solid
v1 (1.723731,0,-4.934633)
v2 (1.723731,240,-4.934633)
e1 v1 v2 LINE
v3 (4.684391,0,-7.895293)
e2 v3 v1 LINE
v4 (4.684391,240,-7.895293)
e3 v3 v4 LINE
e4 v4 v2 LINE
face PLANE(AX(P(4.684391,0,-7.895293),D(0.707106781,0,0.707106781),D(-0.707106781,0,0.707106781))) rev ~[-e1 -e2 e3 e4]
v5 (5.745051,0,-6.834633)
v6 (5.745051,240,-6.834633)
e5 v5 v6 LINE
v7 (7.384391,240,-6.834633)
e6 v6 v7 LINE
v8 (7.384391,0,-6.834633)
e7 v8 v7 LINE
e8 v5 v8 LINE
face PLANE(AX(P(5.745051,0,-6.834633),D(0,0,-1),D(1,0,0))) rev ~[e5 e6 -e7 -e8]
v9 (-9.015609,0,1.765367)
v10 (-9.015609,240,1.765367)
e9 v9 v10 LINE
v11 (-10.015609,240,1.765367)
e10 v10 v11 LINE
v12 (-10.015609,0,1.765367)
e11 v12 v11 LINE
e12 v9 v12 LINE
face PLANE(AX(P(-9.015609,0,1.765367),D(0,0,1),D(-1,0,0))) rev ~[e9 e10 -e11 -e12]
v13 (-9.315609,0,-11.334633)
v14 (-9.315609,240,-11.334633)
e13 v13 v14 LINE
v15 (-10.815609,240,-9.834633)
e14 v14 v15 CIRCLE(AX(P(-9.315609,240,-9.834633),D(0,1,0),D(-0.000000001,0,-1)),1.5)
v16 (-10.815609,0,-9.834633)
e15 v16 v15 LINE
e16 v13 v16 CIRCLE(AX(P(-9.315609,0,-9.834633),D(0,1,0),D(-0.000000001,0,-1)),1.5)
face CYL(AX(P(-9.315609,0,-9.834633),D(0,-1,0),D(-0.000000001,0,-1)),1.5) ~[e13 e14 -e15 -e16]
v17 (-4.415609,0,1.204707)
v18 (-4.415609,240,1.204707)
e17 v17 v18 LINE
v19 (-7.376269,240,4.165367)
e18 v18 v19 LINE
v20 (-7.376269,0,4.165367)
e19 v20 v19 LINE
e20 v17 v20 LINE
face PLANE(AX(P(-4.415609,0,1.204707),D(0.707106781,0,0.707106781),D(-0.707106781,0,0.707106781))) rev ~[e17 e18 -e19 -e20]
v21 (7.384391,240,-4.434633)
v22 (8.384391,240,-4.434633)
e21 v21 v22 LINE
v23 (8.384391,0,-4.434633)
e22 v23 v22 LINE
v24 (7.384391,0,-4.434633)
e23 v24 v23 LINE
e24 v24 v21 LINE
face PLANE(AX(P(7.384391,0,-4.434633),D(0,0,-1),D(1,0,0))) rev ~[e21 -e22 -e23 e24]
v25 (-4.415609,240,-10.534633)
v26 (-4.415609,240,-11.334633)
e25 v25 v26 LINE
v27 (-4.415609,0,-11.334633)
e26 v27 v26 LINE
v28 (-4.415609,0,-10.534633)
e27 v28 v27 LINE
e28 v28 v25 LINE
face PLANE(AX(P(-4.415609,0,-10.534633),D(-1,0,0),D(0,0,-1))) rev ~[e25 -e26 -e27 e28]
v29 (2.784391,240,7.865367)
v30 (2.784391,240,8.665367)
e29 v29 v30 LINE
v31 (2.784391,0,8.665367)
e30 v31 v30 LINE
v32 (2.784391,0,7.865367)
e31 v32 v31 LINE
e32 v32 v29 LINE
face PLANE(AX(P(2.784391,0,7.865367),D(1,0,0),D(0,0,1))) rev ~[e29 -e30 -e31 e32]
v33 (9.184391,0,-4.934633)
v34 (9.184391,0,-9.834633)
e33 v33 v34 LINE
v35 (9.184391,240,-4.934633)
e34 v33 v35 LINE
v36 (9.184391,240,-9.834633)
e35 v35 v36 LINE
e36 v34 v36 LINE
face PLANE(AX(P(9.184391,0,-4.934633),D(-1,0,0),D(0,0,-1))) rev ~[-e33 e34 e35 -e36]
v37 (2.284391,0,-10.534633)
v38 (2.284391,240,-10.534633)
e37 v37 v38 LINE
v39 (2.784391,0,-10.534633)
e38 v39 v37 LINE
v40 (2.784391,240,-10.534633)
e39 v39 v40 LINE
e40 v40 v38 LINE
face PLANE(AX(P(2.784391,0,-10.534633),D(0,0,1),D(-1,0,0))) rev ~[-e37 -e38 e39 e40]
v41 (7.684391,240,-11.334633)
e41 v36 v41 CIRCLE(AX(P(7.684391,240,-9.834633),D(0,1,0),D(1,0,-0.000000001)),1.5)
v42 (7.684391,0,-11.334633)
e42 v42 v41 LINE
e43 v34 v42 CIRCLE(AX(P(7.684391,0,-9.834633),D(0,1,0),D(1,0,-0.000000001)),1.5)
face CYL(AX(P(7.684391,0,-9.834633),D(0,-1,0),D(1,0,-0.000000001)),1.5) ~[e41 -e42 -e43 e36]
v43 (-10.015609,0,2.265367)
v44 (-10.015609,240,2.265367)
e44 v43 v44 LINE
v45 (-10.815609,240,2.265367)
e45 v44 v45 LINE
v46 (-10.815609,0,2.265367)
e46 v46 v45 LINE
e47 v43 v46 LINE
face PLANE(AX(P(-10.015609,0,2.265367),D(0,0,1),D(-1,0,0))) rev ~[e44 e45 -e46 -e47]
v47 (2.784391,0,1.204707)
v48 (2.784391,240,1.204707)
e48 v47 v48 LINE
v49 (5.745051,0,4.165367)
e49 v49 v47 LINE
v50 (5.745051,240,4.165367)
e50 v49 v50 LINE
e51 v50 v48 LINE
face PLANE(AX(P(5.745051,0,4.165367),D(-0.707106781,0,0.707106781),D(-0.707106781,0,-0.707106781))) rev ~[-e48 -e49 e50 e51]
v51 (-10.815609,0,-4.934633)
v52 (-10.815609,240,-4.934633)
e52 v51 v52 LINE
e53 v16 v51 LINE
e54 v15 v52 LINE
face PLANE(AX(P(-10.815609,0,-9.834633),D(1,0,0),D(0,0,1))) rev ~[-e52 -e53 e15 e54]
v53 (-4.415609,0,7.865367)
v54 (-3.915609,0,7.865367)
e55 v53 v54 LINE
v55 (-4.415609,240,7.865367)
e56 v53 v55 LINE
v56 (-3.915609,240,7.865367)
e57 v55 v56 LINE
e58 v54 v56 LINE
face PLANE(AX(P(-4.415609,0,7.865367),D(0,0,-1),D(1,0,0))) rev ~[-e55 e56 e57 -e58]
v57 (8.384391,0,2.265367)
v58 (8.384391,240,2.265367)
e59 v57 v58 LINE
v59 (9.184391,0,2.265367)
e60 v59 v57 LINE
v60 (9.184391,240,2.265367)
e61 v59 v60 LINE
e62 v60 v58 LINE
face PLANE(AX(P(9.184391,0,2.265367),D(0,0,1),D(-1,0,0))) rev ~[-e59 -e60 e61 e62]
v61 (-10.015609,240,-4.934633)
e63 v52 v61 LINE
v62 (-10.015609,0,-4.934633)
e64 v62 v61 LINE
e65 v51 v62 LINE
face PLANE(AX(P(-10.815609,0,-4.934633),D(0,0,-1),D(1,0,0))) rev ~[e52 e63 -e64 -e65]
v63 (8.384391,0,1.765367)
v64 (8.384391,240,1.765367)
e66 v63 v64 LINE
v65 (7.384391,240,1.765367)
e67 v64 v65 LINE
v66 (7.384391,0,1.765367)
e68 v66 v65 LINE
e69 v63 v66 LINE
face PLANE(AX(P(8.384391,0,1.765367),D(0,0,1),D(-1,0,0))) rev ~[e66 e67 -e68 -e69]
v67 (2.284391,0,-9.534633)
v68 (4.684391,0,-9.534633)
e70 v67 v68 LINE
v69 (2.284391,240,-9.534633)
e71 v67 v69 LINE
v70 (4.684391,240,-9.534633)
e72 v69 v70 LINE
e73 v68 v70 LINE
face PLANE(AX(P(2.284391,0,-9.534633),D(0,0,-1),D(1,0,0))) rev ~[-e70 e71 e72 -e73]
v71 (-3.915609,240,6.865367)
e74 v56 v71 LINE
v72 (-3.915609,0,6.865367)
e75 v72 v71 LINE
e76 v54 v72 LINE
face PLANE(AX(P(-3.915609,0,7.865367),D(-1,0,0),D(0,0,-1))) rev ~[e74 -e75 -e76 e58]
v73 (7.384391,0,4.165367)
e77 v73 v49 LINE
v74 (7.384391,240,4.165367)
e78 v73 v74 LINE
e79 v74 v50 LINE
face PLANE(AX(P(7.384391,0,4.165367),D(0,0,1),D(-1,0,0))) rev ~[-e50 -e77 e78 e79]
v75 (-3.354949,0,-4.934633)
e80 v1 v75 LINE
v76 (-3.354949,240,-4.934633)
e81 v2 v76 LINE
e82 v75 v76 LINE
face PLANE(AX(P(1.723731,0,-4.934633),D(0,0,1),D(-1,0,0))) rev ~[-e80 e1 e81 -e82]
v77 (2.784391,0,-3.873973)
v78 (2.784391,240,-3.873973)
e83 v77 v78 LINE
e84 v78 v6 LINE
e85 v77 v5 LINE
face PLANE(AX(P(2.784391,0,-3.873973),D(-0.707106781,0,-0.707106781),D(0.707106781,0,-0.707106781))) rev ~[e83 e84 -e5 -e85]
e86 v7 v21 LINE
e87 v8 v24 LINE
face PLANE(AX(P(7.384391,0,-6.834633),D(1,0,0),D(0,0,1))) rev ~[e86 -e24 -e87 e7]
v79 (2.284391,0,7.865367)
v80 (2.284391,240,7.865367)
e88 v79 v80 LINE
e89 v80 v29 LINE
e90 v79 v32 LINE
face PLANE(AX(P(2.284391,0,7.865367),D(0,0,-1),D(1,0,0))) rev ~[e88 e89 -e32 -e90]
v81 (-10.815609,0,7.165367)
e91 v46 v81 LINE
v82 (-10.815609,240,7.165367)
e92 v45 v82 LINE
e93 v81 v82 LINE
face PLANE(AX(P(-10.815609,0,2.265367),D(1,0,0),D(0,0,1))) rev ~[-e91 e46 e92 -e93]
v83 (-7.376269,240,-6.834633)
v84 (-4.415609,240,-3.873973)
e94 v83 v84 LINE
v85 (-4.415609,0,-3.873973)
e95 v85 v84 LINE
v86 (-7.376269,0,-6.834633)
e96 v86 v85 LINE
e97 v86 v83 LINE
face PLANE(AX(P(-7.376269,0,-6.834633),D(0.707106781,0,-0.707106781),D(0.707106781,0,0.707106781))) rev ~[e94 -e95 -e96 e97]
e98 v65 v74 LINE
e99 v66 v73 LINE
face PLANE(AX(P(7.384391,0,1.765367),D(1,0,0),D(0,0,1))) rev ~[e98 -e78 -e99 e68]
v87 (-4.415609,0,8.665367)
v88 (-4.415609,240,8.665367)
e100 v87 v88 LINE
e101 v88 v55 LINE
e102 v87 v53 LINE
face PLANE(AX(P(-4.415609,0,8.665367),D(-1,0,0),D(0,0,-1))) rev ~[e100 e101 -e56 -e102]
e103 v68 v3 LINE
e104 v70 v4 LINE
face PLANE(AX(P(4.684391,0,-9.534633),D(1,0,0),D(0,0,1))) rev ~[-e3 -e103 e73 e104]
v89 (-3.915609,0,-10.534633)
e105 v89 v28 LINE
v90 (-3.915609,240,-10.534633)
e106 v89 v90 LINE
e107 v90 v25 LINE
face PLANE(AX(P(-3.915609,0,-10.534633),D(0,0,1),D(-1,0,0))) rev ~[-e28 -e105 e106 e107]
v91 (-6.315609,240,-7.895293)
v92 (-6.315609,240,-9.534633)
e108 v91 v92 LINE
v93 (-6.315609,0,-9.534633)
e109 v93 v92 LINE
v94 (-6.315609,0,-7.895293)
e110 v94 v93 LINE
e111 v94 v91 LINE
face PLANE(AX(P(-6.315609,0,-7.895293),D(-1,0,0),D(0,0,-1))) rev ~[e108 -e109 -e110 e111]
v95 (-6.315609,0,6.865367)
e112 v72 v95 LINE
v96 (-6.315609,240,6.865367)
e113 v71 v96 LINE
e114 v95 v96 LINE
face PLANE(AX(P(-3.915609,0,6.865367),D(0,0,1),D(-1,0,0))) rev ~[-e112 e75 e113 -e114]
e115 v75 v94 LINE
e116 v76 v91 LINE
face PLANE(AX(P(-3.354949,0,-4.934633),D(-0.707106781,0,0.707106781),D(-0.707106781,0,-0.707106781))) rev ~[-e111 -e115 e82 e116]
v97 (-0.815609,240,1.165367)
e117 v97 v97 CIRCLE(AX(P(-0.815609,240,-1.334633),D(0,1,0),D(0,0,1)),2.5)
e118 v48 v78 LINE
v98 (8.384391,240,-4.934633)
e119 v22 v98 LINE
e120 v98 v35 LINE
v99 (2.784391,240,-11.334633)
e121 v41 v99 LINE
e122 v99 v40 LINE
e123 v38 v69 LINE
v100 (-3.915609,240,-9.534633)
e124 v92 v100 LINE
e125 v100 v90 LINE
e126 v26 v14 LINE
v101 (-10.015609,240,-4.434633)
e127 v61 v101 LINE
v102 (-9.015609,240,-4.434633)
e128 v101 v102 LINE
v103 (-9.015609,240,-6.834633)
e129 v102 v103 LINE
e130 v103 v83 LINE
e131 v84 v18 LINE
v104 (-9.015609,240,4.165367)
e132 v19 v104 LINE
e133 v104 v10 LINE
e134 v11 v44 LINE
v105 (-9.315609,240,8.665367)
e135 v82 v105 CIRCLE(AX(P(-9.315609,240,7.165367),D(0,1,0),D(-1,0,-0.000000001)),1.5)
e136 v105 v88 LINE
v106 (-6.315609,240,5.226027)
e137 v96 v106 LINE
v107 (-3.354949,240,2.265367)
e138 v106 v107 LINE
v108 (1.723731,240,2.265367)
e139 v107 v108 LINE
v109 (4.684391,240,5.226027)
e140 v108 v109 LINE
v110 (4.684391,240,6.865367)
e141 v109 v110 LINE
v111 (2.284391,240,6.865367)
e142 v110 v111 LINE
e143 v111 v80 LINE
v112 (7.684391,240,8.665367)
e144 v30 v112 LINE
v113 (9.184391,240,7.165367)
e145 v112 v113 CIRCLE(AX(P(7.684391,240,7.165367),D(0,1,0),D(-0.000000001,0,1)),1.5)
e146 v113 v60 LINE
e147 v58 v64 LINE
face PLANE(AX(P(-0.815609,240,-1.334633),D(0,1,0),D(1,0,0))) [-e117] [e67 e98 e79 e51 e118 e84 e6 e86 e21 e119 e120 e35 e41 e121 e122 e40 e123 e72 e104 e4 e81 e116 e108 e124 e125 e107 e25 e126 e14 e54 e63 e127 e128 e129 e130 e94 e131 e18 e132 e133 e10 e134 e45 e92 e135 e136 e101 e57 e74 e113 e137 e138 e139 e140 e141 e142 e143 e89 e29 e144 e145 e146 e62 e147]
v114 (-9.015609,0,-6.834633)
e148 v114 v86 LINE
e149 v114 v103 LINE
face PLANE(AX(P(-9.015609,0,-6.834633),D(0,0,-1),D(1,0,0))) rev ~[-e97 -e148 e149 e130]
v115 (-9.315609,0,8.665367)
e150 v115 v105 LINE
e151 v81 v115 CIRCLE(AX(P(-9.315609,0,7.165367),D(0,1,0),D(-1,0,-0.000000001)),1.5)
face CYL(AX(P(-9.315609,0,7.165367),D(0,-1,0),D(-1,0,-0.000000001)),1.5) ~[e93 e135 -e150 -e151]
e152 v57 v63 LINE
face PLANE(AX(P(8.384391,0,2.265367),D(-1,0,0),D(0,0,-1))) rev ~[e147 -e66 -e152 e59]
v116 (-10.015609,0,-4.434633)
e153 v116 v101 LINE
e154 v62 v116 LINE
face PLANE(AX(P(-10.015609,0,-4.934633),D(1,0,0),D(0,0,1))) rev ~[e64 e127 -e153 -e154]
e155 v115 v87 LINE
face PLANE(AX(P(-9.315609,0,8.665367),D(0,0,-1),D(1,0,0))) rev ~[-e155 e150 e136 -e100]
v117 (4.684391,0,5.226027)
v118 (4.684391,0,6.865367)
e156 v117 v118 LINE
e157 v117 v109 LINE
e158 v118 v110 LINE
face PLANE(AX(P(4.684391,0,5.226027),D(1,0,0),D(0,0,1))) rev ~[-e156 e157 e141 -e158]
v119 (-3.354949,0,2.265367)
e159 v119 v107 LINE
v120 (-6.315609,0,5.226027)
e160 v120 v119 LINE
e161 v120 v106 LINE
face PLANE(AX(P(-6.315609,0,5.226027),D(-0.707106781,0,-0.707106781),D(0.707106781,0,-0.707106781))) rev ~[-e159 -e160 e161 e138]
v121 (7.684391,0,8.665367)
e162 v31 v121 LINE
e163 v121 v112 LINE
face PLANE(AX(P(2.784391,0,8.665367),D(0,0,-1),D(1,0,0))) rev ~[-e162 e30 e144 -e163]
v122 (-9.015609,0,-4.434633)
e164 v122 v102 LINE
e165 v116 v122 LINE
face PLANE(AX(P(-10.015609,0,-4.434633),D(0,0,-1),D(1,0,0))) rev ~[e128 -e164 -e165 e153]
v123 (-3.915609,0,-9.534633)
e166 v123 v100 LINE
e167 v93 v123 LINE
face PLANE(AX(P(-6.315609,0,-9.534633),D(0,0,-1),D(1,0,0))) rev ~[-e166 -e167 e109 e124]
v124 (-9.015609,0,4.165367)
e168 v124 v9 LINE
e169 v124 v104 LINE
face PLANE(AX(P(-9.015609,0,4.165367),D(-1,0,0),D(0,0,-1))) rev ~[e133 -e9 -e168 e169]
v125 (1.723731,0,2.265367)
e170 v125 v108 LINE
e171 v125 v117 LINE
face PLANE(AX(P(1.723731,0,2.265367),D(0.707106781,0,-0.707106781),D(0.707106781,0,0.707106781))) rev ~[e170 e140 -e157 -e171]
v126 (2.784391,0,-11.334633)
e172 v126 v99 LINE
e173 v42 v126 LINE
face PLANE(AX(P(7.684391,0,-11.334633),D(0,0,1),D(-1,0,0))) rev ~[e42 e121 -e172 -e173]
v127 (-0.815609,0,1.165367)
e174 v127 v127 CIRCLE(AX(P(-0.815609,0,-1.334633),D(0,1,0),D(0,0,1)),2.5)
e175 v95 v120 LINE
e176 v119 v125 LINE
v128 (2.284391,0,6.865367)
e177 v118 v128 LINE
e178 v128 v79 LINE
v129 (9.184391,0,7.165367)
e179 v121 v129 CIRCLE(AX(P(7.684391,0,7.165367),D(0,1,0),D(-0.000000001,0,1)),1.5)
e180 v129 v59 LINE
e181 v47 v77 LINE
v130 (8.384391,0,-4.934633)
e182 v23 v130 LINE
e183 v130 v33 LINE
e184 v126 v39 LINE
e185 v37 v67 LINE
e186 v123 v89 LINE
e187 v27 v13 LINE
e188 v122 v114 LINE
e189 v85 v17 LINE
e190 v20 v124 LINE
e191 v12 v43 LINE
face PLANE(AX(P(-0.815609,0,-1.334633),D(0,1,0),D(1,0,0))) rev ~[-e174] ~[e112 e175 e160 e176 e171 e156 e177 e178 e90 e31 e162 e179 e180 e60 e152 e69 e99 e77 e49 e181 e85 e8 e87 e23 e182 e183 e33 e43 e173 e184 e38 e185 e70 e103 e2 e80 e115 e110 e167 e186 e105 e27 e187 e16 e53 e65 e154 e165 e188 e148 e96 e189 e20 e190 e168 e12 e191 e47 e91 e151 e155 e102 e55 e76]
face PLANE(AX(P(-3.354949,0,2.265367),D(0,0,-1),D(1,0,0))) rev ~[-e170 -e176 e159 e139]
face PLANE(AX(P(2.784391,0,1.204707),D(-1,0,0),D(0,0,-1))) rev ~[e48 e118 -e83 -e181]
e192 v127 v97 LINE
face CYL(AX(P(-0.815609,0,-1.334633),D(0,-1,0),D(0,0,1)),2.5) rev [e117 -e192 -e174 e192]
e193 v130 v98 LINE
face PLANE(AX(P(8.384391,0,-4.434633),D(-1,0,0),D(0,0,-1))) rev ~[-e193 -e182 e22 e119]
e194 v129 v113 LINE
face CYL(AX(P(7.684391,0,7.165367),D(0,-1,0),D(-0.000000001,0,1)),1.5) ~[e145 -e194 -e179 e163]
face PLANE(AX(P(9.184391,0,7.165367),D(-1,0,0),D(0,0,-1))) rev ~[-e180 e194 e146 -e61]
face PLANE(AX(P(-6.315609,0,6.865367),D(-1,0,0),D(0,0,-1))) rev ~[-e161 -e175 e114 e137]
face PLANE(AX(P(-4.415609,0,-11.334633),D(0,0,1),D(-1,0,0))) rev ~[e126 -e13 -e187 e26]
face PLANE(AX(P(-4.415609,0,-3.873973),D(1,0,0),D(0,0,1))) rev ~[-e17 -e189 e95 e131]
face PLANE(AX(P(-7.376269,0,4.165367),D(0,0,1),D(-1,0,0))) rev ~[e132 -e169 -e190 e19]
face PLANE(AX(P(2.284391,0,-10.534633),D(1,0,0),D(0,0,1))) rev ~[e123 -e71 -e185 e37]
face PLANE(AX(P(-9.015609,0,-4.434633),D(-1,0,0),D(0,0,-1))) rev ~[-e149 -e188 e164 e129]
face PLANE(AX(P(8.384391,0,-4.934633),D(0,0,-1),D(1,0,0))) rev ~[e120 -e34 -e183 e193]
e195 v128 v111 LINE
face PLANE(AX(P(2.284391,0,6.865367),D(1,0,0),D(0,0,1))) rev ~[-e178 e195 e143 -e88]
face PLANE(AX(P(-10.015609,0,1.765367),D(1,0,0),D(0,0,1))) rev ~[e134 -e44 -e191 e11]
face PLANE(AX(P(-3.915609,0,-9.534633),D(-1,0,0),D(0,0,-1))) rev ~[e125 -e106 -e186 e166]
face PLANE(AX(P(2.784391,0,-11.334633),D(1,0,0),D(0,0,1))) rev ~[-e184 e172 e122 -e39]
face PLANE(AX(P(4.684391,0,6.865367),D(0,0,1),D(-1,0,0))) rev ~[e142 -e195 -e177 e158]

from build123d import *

# Parameters (mm, degrees)
SKETCH_1_R      = 2.5
EXTRUDE_1_DEPTH = 240


with BuildPart() as part:
    # 草图1 → 凸台-拉伸1 (new body)
    with BuildSketch(Plane(origin=(0, 0, 0), x_dir=(1, 0, 0), z_dir=(0, 1, 0))):
        with BuildLine():
            Line((-4.415608984, 3.873972711), (-4.415608984, -1.204706946))
            Line((-4.415608984, -1.204706946), (-7.376269156, -4.165367117))
            Line((-7.376269156, -4.165367117), (-9.015608984, -4.165367117))
            Line((-9.015608984, -4.165367117), (-9.015608984, -1.765367117))
            Line((-9.015608984, -1.765367117), (-10.015608984, -1.765367117))
            Line((-10.015608984, -1.765367117), (-10.015608984, -2.265367117))
            Line((-10.015608984, -2.265367117), (-10.815608984, -2.265367117))
            Line((-10.815608984, -2.265367117), (-10.815608984, -7.165367117))
            ThreePointArc((-10.815608984, -7.165367117), (-10.376269156, -8.226027289), (-9.315608984, -8.665367117))
            Line((-9.315608984, -8.665367117), (-4.415608984, -8.665367117))
            Line((-4.415608984, -8.665367117), (-4.415608984, -7.865367117))
            Line((-4.415608984, -7.865367117), (-3.915608984, -7.865367117))
            Line((-3.915608984, -7.865367117), (-3.915608984, -6.865367117))
            Line((-3.915608984, -6.865367117), (-6.315608984, -6.865367117))
            Line((-6.315608984, -6.865367117), (-6.315608984, -5.226027289))
            Line((-6.315608984, -5.226027289), (-3.354948812, -2.265367117))
            Line((-3.354948812, -2.265367117), (1.723730844, -2.265367117))
            Line((1.723730844, -2.265367117), (4.684391016, -5.226027289))
            Line((4.684391016, -5.226027289), (4.684391016, -6.865367117))
            Line((4.684391016, -6.865367117), (2.284391016, -6.865367117))
            Line((2.284391016, -6.865367117), (2.284391016, -7.865367117))
            Line((2.284391016, -7.865367117), (2.784391016, -7.865367117))
            Line((2.784391016, -7.865367117), (2.784391016, -8.665367117))
            Line((2.784391016, -8.665367117), (7.684391016, -8.665367117))
            ThreePointArc((7.684391016, -8.665367117), (8.745051188, -8.226027289), (9.184391016, -7.165367117))
            Line((9.184391016, -7.165367117), (9.184391016, -2.265367117))
            Line((9.184391016, -2.265367117), (8.384391016, -2.265367117))
            Line((8.384391016, -2.265367117), (8.384391016, -1.765367117))
            Line((8.384391016, -1.765367117), (7.384391016, -1.765367117))
            Line((7.384391016, -1.765367117), (7.384391016, -4.165367117))
            Line((7.384391016, -4.165367117), (5.745051188, -4.165367117))
            Line((5.745051188, -4.165367117), (2.784391016, -1.204706946))
            Line((2.784391016, -1.204706946), (2.784391016, 3.873972711))
            Line((2.784391016, 3.873972711), (5.745051188, 6.834632883))
            Line((5.745051188, 6.834632883), (7.384391016, 6.834632883))
            Line((7.384391016, 6.834632883), (7.384391016, 4.434632883))
            Line((7.384391016, 4.434632883), (8.384391016, 4.434632883))
            Line((8.384391016, 4.434632883), (8.384391016, 4.934632883))
            Line((8.384391016, 4.934632883), (9.184391016, 4.934632883))
            Line((9.184391016, 4.934632883), (9.184391016, 9.834632883))
            ThreePointArc((9.184391016, 9.834632883), (8.745051188, 10.895293054), (7.684391016, 11.334632883))
            Line((7.684391016, 11.334632883), (2.784391016, 11.334632883))
            Line((2.784391016, 11.334632883), (2.784391016, 10.534632883))
            Line((2.784391016, 10.534632883), (2.284391016, 10.534632883))
            Line((2.284391016, 10.534632883), (2.284391016, 9.534632883))
            Line((2.284391016, 9.534632883), (4.684391016, 9.534632883))
            Line((4.684391016, 9.534632883), (4.684391016, 7.895293054))
            Line((4.684391016, 7.895293054), (1.723730844, 4.934632883))
            Line((1.723730844, 4.934632883), (-3.354948812, 4.934632883))
            Line((-3.354948812, 4.934632883), (-6.315608984, 7.895293054))
            Line((-6.315608984, 7.895293054), (-6.315608984, 9.534632883))
            Line((-6.315608984, 9.534632883), (-3.915608984, 9.534632883))
            Line((-3.915608984, 9.534632883), (-3.915608984, 10.534632883))
            Line((-3.915608984, 10.534632883), (-4.415608984, 10.534632883))
            Line((-4.415608984, 10.534632883), (-4.415608984, 11.334632883))
            Line((-4.415608984, 11.334632883), (-9.315608984, 11.334632883))
            ThreePointArc((-9.315608984, 11.334632883), (-10.376269156, 10.895293054), (-10.815608984, 9.834632883))
            Line((-10.815608984, 9.834632883), (-10.815608984, 4.934632883))
            Line((-10.815608984, 4.934632883), (-10.015608984, 4.934632883))
            Line((-10.015608984, 4.934632883), (-10.015608984, 4.434632883))
            Line((-10.015608984, 4.434632883), (-9.015608984, 4.434632883))
            Line((-9.015608984, 4.434632883), (-9.015608984, 6.834632883))
            Line((-9.015608984, 6.834632883), (-7.376269156, 6.834632883))
            Line((-7.376269156, 6.834632883), (-4.415608984, 3.873972711))
        make_face()
        with Locations(Location((-0.815608984, 1.334632883, 0), (0, 0, 270))):
            Circle(SKETCH_1_R, mode=Mode.SUBTRACT)
    extrude(amount=EXTRUDE_1_DEPTH)


solid = part.part
